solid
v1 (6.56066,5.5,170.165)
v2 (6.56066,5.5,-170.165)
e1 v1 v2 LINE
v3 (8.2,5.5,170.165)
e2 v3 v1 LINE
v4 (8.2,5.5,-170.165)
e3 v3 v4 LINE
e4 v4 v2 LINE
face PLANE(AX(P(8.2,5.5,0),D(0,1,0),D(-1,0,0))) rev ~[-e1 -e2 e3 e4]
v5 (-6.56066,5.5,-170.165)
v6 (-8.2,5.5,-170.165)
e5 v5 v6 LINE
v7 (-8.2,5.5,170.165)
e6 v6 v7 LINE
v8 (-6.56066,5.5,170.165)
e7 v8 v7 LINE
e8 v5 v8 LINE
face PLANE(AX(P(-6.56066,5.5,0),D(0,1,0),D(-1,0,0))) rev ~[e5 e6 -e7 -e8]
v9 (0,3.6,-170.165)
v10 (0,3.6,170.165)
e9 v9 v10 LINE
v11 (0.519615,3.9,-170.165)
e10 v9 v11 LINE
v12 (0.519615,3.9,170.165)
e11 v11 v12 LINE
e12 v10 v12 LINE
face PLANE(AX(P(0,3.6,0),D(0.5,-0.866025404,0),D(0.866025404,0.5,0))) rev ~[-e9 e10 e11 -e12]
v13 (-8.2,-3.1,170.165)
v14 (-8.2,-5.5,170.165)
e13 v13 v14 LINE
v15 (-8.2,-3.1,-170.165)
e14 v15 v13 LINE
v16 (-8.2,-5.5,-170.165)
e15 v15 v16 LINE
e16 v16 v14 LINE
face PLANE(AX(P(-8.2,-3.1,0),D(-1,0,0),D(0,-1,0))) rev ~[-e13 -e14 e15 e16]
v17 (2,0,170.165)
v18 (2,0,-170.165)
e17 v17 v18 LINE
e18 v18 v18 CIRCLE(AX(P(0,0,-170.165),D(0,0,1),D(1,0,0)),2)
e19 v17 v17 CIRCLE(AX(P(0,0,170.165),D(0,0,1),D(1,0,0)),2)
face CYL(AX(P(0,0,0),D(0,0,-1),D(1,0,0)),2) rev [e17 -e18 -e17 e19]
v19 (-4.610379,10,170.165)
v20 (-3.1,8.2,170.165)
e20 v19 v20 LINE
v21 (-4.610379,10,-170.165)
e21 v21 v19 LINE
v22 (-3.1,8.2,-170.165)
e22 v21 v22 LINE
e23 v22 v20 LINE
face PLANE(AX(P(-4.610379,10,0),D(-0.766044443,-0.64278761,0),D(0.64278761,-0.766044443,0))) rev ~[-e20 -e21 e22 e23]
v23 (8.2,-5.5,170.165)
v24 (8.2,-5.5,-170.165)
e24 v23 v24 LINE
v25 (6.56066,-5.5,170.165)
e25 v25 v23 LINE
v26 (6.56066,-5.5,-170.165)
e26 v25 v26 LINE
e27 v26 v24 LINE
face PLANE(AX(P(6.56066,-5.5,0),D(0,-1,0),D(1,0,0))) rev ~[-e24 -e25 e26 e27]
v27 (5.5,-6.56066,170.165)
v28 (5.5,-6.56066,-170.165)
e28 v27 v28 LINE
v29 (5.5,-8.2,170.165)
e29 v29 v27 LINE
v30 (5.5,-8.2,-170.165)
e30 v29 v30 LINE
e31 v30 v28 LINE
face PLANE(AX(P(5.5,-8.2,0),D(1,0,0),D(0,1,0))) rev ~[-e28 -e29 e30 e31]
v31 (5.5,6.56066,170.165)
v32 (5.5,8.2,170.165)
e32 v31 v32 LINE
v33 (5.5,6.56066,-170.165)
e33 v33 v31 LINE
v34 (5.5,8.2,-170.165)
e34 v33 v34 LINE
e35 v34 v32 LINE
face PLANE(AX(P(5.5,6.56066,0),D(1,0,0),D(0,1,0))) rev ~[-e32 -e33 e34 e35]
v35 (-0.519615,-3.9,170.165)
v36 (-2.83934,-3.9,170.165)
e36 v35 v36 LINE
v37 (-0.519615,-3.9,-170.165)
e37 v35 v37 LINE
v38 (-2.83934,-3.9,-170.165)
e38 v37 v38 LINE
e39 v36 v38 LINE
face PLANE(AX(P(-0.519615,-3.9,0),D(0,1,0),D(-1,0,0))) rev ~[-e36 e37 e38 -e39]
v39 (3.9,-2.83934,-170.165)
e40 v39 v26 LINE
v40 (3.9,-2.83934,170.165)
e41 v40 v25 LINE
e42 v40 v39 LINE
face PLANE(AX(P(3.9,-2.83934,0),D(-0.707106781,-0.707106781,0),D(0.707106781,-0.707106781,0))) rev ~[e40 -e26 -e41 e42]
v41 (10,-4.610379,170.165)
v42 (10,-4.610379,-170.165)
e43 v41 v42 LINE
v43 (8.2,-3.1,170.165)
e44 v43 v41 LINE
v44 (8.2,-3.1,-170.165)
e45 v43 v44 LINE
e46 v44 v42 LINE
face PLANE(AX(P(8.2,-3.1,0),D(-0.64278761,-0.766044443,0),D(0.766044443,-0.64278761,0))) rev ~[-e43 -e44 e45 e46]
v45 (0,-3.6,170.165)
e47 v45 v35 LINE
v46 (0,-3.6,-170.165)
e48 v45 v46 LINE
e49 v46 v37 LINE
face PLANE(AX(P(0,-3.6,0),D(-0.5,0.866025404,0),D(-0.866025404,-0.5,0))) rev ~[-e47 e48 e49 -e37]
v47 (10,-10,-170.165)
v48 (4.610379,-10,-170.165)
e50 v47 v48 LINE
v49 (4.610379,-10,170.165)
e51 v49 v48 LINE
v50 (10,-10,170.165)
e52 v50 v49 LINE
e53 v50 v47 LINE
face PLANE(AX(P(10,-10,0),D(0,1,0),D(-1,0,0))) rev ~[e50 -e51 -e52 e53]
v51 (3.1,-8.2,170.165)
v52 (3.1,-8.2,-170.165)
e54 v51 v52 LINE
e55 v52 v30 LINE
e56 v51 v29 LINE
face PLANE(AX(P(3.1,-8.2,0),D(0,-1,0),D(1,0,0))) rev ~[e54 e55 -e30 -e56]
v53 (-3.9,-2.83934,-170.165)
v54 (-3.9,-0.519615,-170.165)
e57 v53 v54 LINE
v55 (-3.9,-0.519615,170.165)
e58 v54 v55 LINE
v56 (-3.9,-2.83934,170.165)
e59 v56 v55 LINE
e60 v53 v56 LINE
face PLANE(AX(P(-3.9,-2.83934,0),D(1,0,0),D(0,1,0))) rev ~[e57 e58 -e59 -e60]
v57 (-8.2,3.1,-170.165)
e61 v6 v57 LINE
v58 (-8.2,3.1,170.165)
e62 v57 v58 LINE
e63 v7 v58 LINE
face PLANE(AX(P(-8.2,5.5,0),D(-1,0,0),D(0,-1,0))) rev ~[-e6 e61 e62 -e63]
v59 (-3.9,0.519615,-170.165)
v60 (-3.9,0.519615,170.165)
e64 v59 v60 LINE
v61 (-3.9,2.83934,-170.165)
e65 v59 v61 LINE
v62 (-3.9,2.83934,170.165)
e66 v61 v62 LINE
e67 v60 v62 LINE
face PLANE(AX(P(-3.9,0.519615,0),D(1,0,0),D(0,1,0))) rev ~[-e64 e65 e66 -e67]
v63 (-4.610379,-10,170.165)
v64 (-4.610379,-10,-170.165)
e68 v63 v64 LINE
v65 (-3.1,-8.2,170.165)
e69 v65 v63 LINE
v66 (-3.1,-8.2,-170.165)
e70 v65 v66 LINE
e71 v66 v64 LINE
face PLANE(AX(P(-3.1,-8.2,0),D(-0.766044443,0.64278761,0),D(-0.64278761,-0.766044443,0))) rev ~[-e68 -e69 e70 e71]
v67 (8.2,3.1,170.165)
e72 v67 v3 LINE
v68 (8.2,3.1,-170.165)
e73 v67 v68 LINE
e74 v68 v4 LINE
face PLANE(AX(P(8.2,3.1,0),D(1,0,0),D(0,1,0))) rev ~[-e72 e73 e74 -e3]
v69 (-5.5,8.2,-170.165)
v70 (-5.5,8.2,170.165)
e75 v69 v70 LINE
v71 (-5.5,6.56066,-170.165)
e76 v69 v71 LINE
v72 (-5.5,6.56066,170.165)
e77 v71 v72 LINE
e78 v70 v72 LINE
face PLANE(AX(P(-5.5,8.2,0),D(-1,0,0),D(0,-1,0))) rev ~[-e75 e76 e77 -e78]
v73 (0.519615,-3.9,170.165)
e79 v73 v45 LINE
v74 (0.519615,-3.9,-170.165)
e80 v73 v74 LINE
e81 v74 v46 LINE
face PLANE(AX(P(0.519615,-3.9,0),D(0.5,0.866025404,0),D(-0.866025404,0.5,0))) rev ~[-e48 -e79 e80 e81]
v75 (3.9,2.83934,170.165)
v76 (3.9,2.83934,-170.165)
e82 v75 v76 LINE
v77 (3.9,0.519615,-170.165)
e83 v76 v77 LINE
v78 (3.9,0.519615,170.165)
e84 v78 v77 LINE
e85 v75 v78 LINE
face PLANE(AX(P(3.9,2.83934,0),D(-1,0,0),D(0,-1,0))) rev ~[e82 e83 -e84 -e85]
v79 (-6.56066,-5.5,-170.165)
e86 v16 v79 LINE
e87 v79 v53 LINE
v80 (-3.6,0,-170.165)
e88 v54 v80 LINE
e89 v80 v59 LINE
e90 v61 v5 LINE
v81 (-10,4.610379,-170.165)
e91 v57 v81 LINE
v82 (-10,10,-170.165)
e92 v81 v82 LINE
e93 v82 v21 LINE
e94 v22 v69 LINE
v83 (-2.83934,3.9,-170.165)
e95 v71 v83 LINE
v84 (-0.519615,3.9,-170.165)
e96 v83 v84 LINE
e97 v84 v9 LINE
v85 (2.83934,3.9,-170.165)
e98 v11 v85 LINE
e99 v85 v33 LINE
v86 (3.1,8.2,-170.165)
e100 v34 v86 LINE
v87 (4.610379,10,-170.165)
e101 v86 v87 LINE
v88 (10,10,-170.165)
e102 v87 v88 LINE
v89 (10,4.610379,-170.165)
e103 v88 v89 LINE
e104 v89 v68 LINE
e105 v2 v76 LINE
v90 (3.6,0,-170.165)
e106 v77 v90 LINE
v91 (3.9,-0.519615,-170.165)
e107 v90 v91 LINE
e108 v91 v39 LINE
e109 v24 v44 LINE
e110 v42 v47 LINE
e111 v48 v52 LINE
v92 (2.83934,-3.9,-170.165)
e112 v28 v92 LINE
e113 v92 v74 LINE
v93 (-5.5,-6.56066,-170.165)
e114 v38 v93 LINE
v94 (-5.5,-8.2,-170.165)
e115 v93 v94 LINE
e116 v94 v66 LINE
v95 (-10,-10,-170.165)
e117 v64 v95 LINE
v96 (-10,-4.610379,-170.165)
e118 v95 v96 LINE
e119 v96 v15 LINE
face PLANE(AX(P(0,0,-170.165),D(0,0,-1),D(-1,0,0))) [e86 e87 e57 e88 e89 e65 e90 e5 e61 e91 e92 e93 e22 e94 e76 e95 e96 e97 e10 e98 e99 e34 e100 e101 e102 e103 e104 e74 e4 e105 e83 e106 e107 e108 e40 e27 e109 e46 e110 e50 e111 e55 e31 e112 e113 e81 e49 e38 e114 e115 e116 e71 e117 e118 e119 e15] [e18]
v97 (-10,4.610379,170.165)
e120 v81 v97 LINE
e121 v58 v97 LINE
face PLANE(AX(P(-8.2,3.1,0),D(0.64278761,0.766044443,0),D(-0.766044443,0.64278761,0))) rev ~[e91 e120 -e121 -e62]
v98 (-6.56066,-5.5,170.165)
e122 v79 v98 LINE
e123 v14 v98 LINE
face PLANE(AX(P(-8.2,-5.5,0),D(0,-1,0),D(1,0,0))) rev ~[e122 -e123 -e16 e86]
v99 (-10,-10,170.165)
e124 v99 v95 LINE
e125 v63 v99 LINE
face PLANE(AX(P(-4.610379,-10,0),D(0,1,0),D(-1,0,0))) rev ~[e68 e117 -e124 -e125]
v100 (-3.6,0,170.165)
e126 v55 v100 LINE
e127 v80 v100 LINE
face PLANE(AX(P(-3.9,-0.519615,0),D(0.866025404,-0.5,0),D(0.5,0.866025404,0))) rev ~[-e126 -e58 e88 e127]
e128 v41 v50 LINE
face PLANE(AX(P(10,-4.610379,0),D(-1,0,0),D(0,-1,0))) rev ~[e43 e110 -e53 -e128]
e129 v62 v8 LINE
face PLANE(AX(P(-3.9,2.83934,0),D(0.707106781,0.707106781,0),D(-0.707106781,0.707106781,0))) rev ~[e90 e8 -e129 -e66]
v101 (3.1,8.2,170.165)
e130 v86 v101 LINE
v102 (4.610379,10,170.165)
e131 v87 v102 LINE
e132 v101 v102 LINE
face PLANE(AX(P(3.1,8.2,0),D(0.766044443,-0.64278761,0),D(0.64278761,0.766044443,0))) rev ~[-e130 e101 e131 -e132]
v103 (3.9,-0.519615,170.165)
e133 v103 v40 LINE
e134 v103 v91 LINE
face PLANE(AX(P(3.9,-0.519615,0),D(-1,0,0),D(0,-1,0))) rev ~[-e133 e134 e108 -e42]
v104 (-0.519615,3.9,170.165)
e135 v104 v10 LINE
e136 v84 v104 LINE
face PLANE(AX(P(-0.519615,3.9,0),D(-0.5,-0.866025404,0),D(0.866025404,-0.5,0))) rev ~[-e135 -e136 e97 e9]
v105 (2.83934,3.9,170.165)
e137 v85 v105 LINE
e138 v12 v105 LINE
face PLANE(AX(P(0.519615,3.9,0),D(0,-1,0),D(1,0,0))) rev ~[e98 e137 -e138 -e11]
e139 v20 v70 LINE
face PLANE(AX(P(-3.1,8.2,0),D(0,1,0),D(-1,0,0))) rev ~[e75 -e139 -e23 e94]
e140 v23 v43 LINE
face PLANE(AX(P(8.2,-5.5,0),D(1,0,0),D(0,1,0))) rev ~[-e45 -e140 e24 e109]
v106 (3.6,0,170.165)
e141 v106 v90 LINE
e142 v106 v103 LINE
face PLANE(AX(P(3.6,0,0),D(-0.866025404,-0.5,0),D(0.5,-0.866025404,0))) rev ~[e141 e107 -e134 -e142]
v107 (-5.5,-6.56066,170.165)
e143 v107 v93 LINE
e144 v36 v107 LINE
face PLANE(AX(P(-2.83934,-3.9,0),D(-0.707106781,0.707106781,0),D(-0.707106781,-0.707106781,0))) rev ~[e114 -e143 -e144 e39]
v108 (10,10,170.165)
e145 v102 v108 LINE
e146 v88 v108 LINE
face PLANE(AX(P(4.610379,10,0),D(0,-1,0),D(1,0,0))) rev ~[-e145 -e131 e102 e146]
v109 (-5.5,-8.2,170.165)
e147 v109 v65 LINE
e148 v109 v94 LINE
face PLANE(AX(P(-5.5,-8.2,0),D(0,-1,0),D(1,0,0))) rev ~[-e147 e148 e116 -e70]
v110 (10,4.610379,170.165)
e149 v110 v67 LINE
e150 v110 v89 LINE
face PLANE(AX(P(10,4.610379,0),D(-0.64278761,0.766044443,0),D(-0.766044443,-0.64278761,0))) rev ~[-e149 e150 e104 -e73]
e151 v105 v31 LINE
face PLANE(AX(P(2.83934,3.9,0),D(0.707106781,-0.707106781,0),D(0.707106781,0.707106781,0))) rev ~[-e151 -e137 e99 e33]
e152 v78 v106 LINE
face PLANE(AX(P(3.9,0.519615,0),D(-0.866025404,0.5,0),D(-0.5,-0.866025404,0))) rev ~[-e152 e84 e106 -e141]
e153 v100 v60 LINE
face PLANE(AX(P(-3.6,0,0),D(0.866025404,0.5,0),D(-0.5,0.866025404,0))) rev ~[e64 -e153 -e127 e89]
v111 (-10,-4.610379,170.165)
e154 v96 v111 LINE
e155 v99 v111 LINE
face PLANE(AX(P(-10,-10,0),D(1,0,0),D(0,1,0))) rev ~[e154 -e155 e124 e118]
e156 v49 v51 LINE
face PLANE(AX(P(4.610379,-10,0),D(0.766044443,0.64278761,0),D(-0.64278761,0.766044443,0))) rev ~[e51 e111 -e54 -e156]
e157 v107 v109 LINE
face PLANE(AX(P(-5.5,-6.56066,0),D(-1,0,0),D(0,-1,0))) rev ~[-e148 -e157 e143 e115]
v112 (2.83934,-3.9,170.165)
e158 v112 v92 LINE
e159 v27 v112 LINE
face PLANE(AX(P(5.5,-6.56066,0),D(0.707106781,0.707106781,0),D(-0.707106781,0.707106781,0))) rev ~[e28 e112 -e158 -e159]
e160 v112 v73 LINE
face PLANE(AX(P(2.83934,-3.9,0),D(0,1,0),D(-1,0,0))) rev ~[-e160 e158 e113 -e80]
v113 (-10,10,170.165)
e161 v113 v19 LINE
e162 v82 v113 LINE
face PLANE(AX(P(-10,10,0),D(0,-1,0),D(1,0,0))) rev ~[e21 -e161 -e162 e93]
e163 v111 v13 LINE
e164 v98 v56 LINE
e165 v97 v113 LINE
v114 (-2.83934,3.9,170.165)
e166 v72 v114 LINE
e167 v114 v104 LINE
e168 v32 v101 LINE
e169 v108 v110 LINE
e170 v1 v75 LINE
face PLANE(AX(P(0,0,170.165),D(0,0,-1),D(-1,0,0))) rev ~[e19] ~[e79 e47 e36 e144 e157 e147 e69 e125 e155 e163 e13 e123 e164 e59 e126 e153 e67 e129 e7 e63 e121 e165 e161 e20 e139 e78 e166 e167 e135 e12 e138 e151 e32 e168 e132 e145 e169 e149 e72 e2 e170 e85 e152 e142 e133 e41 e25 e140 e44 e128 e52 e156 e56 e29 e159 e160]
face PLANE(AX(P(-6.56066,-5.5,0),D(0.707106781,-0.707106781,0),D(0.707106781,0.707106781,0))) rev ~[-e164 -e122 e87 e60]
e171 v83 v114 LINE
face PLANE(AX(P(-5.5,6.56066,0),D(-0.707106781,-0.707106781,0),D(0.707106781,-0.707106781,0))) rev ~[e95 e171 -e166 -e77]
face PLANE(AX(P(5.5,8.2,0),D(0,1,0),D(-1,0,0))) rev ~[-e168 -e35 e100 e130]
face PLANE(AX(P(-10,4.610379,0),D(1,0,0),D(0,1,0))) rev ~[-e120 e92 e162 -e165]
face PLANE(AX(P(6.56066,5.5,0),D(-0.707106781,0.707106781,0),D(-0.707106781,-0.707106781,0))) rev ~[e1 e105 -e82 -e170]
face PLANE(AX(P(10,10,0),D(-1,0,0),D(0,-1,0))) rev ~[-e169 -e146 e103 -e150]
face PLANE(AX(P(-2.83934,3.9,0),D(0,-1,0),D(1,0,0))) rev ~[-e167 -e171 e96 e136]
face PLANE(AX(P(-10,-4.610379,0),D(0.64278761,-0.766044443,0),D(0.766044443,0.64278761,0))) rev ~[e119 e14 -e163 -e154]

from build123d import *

# Parameters (mm, degrees)
SKETCH1_R           = 2
BOSS_EXTRUDE1_DEPTH = 170.165


with BuildPart() as part:
    # Sketch1 → Boss-Extrude1 (new body, symmetric)
    with BuildSketch(Plane.XY):
        Polygon((10, 10), (10, 4.610379336), (8.2, 3.1), (8.2, 5.5), (6.560660172, 5.5), (3.9, 2.839339828), (3.9, 0.519615242), (3.6, 0), (3.9, -0.519615242), (3.9, -2.839339828), (6.560660172, -5.5), (8.2, -5.5), (8.2, -3.1), (10, -4.610379336), (10, -10), (4.610379336, -10), (3.1, -8.2), (5.5, -8.2), (5.5, -6.560660172), (2.839339828, -3.9), (0.519615242, -3.9), (0, -3.6), (-0.519615242, -3.9), (-2.839339828, -3.9), (-5.5, -6.560660172), (-5.5, -8.2), (-3.1, -8.2), (-4.610379336, -10), (-10, -10), (-10, -4.610379336), (-8.2, -3.1), (-8.2, -5.5), (-6.560660172, -5.5), (-3.9, -2.839339828), (-3.9, -0.519615242), (-3.6, 0), (-3.9, 0.519615242), (-3.9, 2.839339828), (-6.560660172, 5.5), (-8.2, 5.5), (-8.2, 3.1), (-10, 4.610379336), (-10, 10), (-4.610379336, 10), (-3.1, 8.2), (-5.5, 8.2), (-5.5, 6.560660172), (-2.839339828, 3.9), (-0.519615242, 3.9), (0, 3.6), (0.519615242, 3.9), (2.839339828, 3.9), (5.5, 6.560660172), (5.5, 8.2), (3.1, 8.2), (4.610379336, 10), align=None)
        Circle(SKETCH1_R, mode=Mode.SUBTRACT)
    extrude(amount=BOSS_EXTRUDE1_DEPTH, both=True)


solid = part.part
